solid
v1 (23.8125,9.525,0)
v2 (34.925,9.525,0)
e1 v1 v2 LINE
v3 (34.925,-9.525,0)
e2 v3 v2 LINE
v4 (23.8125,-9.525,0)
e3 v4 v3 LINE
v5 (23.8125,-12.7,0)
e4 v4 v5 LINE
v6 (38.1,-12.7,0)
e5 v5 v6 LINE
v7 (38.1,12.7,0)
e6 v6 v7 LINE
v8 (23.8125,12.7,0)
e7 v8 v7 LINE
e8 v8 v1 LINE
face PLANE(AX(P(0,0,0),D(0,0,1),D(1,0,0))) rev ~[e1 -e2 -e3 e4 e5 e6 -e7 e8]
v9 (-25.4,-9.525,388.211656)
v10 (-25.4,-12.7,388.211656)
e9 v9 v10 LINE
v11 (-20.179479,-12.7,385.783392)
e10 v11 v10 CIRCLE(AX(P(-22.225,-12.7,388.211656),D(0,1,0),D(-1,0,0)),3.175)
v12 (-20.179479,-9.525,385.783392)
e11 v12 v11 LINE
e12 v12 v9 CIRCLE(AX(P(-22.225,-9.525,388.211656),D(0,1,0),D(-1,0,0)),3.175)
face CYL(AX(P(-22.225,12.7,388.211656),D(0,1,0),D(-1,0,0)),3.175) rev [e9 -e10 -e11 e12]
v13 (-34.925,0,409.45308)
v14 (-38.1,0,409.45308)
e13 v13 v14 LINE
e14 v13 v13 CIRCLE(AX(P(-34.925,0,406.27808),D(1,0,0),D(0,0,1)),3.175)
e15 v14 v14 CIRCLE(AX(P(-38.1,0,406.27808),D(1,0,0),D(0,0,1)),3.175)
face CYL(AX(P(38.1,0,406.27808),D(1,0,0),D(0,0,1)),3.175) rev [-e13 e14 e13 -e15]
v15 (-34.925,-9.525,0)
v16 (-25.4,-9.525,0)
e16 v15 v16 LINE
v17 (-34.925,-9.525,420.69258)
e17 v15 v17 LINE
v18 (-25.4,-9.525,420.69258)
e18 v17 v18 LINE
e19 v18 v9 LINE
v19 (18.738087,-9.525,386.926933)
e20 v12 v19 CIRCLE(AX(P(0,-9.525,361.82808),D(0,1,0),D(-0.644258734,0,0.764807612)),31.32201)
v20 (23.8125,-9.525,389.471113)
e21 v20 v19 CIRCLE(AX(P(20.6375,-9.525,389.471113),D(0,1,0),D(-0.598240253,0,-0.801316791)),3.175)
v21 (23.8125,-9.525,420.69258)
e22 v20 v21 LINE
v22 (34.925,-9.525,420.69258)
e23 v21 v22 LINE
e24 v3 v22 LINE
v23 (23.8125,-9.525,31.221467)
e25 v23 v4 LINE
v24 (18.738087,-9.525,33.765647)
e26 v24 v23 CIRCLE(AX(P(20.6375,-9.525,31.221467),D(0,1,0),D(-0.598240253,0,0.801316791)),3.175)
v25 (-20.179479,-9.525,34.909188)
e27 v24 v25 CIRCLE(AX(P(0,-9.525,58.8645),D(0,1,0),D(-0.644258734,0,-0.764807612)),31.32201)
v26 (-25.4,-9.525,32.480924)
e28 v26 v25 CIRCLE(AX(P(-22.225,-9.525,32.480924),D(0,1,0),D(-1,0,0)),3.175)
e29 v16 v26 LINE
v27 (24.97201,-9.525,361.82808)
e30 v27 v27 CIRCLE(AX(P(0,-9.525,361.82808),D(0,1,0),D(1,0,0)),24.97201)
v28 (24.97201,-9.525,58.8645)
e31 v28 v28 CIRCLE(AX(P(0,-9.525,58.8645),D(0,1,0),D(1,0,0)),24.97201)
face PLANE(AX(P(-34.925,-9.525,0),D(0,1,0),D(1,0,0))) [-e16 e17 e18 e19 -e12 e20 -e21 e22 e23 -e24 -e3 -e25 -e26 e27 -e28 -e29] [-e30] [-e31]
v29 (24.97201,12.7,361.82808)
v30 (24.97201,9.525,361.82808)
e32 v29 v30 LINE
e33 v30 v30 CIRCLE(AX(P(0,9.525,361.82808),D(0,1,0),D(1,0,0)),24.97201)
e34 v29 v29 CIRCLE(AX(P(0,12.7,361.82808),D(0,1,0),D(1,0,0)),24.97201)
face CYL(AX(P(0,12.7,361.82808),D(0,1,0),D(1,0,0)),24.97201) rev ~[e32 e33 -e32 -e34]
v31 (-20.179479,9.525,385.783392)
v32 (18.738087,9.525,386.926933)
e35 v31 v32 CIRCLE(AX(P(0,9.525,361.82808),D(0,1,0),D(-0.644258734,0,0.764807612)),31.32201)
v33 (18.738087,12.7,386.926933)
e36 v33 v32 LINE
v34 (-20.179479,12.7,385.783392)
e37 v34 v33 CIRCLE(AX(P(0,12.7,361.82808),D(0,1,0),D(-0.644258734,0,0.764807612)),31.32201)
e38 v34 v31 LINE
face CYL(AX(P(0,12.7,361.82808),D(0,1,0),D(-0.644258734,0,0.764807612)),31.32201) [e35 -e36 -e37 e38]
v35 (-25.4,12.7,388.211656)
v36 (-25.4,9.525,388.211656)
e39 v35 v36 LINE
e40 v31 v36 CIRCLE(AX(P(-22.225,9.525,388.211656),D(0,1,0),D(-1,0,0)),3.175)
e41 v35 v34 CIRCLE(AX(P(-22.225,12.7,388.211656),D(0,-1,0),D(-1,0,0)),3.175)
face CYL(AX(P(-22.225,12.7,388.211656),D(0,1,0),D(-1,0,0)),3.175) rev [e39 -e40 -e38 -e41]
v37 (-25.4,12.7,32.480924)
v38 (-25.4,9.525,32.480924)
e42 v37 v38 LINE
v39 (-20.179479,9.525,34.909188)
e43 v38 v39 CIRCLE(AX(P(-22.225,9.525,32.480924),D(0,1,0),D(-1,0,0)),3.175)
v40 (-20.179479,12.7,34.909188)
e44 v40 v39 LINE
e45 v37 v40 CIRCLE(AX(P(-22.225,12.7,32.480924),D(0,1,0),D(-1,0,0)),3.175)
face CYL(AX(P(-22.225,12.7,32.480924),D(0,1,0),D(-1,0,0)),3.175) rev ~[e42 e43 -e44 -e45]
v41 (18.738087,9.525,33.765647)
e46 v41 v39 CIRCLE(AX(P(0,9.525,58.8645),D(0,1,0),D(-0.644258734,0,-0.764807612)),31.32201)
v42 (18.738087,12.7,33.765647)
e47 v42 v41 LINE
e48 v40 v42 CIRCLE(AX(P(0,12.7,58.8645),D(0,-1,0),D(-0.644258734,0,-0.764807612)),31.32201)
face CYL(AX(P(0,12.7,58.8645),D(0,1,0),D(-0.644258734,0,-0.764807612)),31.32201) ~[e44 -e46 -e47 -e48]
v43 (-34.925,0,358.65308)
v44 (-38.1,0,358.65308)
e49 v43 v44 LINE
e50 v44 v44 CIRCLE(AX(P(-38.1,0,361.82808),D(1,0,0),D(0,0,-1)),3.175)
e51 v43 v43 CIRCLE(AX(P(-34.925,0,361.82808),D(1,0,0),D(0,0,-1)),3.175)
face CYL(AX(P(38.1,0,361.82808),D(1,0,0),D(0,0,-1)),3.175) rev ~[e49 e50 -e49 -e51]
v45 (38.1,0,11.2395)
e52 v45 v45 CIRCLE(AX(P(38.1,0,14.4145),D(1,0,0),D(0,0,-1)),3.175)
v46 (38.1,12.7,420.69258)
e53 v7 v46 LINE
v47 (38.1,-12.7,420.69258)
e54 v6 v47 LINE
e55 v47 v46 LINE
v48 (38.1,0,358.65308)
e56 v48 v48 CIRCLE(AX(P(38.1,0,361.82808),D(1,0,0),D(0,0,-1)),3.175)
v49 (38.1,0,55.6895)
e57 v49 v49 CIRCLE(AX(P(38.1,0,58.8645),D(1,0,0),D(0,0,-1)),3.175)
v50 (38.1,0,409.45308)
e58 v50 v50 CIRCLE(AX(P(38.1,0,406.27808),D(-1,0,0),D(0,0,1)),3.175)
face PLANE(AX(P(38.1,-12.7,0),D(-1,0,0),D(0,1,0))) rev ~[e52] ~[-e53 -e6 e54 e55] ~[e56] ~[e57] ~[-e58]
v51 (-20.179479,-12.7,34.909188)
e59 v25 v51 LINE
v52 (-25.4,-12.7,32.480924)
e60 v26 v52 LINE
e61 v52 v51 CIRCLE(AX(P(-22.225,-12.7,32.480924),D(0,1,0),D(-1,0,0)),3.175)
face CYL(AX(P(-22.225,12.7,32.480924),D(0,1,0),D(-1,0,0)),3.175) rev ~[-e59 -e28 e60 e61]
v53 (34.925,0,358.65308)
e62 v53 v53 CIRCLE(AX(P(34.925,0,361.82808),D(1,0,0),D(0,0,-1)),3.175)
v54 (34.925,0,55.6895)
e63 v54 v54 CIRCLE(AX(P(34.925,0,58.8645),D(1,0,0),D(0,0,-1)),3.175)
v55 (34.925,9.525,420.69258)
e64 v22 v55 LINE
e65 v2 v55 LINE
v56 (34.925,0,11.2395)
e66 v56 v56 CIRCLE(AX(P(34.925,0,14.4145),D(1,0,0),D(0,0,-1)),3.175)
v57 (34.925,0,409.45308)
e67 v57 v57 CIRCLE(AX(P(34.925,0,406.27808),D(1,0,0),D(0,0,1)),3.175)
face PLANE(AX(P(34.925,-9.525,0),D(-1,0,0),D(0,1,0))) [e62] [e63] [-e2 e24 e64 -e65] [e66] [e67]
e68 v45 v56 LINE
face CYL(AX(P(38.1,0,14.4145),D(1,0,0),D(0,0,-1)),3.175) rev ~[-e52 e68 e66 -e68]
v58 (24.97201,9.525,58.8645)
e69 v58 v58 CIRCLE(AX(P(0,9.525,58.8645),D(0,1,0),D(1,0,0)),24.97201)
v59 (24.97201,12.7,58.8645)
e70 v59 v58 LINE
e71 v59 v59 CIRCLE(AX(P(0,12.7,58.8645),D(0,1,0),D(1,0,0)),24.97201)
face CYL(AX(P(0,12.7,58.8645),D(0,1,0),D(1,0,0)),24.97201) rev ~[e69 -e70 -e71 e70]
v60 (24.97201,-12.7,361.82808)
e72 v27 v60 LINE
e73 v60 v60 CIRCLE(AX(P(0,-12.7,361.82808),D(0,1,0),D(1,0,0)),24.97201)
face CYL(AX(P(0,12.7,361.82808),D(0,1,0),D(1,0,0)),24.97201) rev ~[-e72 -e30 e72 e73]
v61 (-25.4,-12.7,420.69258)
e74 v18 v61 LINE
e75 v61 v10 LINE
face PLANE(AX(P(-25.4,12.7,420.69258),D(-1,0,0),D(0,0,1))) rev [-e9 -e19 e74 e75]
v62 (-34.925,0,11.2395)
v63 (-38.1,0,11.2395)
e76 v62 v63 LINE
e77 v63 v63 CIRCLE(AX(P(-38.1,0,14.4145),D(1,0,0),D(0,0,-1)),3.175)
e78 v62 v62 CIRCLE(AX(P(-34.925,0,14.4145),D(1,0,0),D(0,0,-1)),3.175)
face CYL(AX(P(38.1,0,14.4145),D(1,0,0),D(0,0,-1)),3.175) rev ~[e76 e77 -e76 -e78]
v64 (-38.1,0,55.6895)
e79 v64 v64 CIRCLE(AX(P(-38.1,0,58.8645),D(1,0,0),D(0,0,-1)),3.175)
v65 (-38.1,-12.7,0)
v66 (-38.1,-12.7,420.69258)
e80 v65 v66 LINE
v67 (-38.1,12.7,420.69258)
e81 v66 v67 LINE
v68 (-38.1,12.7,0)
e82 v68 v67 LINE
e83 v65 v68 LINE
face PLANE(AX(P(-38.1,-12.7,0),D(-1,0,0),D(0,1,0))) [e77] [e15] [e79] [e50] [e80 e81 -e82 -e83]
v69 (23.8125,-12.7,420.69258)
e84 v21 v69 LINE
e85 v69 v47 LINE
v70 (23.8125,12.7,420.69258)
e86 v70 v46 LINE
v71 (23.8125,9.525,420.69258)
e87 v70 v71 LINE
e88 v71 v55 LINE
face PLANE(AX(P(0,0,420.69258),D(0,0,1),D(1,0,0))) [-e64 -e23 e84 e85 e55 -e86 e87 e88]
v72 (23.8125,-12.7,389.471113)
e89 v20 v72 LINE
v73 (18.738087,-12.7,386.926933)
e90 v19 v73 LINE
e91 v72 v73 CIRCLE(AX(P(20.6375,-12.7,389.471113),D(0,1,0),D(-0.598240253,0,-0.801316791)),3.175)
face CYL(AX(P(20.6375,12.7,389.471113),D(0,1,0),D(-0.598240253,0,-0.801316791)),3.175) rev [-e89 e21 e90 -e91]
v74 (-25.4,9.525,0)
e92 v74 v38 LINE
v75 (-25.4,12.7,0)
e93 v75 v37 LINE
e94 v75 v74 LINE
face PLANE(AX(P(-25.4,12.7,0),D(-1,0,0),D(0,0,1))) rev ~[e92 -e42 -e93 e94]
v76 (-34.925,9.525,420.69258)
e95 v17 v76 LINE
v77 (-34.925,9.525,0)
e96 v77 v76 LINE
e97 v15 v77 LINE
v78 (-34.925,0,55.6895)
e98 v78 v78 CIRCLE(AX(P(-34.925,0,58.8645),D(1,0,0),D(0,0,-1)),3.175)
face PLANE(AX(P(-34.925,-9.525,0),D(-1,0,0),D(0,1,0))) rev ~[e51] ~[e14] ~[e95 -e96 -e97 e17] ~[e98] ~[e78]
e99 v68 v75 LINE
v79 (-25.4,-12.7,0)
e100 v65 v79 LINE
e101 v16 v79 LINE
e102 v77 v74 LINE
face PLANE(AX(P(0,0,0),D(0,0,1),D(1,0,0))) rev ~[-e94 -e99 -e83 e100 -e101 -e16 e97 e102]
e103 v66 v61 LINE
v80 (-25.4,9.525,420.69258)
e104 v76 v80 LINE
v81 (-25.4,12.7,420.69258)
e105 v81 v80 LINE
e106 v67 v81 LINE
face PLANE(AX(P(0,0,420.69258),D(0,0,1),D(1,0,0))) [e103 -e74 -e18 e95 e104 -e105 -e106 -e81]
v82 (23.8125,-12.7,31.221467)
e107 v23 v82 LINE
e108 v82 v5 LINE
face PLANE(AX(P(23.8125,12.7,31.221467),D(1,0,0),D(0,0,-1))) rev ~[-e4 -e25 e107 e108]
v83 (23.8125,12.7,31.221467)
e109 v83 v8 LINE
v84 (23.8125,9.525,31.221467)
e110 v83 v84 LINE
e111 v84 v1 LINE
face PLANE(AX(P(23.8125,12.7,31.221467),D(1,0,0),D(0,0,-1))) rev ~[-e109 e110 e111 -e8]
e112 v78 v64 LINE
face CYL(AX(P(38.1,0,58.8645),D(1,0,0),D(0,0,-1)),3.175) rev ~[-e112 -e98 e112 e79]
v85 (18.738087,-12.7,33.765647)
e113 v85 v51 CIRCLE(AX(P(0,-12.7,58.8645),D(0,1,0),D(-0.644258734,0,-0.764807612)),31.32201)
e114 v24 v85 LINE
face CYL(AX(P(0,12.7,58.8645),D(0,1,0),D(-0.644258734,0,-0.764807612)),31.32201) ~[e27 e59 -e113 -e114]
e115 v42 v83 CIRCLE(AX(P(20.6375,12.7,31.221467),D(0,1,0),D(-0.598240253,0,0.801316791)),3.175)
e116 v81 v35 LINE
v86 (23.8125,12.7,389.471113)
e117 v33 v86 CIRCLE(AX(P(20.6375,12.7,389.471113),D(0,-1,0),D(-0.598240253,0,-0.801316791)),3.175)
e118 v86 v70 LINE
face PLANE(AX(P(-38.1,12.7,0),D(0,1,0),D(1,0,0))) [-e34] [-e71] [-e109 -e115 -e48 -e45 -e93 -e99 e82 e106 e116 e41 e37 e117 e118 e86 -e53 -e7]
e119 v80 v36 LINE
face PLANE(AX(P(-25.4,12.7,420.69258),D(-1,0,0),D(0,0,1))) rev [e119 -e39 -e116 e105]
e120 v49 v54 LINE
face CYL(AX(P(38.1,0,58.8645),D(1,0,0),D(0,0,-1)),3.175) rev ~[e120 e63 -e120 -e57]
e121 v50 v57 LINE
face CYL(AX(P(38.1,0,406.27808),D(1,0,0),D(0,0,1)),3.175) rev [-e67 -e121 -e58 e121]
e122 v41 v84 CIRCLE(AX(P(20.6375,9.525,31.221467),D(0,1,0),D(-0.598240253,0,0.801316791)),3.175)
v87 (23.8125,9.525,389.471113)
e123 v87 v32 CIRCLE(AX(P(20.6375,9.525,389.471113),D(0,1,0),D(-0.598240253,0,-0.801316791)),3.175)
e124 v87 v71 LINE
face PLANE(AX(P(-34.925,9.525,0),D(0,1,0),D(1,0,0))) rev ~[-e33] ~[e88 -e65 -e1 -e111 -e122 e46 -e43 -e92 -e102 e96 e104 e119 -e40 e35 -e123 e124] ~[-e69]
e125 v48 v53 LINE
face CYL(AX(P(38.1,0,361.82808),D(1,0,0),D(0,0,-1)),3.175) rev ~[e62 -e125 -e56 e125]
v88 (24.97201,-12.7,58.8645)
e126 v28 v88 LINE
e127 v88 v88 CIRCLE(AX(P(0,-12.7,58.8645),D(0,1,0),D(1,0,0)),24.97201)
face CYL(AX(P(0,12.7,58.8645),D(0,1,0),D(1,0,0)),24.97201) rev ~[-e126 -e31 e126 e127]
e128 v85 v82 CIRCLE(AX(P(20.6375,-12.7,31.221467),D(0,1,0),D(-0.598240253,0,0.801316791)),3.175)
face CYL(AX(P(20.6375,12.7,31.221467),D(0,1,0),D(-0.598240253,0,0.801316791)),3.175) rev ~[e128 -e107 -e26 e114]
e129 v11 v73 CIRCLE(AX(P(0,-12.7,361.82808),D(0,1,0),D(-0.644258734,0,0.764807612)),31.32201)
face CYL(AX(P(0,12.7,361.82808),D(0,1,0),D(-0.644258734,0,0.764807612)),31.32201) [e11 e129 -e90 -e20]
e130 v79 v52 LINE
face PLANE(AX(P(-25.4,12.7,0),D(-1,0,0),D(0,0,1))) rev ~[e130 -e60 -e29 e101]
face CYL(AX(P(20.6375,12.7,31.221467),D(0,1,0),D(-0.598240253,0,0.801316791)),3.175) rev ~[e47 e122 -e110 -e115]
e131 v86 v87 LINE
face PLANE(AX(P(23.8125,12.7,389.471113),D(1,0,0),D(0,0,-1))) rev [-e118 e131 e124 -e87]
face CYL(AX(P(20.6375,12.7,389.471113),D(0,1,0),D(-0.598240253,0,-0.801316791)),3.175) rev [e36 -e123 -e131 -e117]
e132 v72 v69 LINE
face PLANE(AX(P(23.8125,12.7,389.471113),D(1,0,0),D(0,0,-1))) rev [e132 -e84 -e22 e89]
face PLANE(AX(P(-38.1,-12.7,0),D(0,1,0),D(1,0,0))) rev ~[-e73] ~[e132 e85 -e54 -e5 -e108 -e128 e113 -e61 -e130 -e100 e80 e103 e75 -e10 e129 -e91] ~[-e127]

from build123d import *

# Parameters (mm, degrees)
SKETCH1_W           = 76.2
SKETCH1_H           = 25.4
SKETCH1_W_2         = 69.85
SKETCH1_H_2         = 19.05
EXTRUDE_THIN1_DEPTH = 420.69258
SKETCH4_R           = 24.97201
CUT_EXTRUDE3_DEPTH  = 26.4
CUT_EXTRUDE7_DEPTH  = 26.4
SKETCH7_R           = 3.175
CUT_EXTRUDE8_DEPTH  = 77.2
SKETCH8_R           = 3.175
CUT_EXTRUDE9_DEPTH  = 77.2


with BuildPart() as part:
    # Sketch1 → Extrude-Thin1 (new body)
    with BuildSketch(Plane.XY):
        Rectangle(SKETCH1_W, SKETCH1_H)
        Rectangle(SKETCH1_W_2, SKETCH1_H_2, mode=Mode.SUBTRACT)
    extrude(amount=EXTRUDE_THIN1_DEPTH)

    # Sketch4 → Cut-Extrude3 (cut, through all)
    with BuildSketch(Plane(origin=(0, 12.7, 0), x_dir=(1, 0, 0), z_dir=(0, 1, 0))):
        with Locations((0, -361.82808)):
            Circle(SKETCH4_R)
        with Locations((0, -58.8645)):
            Circle(SKETCH4_R)
    extrude(amount=-CUT_EXTRUDE3_DEPTH, mode=Mode.SUBTRACT)

    # Sketch6 → Cut-Extrude7 (cut, through all)
    with BuildSketch(Plane(origin=(0, 12.7, 0), x_dir=(1, 0, 0), z_dir=(0, 1, 0))):
        with BuildLine():
            Line((23.8125, 0), (-25.4, 0))
            Line((-25.4, 0), (-25.4, -32.480924163))
            ThreePointArc((-25.4, -32.480924163), (-23.564047105, -35.359739519), (-20.179478519, -34.909188331))
            ThreePointArc((-20.179478519, -34.909188331), (-0.919958513, -27.556002962), (18.738087196, -33.765647463))
            ThreePointArc((18.738087196, -33.765647463), (22.060523075, -34.059710885), (23.8125, -31.221466652))
            Line((23.8125, -31.221466652), (23.8125, 0))
        make_face()
    cut_extrude7 = extrude(amount=-CUT_EXTRUDE7_DEPTH, mode=Mode.SUBTRACT)

    # Sketch7 → Cut-Extrude8 (cut, through all)
    with BuildSketch(Plane(origin=(38.1, 0, 0), x_dir=(0, 0, -1), z_dir=(1, 0, 0))):
        with Locations((-14.4145, 0)):
            Circle(SKETCH7_R)
    cut_extrude8 = extrude(amount=-CUT_EXTRUDE8_DEPTH, mode=Mode.SUBTRACT)

    # Mirror3: Cut-Extrude7, Cut-Extrude8 across plane
    add(cut_extrude7.mirror(Plane.XY.offset(210.34629)), mode=Mode.SUBTRACT)
    add(cut_extrude8.mirror(Plane.XY.offset(210.34629)), mode=Mode.SUBTRACT)

    # Sketch8 → Cut-Extrude9 (cut, through all)
    with BuildSketch(Plane(origin=(38.1, 0, 0), x_dir=(0, 0, -1), z_dir=(1, 0, 0))):
        with Locations((-58.8645, 0)):
            Circle(SKETCH8_R)
        with Locations((-361.82808, 0)):
            Circle(SKETCH8_R)
    extrude(amount=-CUT_EXTRUDE9_DEPTH, mode=Mode.SUBTRACT)


solid = part.part
